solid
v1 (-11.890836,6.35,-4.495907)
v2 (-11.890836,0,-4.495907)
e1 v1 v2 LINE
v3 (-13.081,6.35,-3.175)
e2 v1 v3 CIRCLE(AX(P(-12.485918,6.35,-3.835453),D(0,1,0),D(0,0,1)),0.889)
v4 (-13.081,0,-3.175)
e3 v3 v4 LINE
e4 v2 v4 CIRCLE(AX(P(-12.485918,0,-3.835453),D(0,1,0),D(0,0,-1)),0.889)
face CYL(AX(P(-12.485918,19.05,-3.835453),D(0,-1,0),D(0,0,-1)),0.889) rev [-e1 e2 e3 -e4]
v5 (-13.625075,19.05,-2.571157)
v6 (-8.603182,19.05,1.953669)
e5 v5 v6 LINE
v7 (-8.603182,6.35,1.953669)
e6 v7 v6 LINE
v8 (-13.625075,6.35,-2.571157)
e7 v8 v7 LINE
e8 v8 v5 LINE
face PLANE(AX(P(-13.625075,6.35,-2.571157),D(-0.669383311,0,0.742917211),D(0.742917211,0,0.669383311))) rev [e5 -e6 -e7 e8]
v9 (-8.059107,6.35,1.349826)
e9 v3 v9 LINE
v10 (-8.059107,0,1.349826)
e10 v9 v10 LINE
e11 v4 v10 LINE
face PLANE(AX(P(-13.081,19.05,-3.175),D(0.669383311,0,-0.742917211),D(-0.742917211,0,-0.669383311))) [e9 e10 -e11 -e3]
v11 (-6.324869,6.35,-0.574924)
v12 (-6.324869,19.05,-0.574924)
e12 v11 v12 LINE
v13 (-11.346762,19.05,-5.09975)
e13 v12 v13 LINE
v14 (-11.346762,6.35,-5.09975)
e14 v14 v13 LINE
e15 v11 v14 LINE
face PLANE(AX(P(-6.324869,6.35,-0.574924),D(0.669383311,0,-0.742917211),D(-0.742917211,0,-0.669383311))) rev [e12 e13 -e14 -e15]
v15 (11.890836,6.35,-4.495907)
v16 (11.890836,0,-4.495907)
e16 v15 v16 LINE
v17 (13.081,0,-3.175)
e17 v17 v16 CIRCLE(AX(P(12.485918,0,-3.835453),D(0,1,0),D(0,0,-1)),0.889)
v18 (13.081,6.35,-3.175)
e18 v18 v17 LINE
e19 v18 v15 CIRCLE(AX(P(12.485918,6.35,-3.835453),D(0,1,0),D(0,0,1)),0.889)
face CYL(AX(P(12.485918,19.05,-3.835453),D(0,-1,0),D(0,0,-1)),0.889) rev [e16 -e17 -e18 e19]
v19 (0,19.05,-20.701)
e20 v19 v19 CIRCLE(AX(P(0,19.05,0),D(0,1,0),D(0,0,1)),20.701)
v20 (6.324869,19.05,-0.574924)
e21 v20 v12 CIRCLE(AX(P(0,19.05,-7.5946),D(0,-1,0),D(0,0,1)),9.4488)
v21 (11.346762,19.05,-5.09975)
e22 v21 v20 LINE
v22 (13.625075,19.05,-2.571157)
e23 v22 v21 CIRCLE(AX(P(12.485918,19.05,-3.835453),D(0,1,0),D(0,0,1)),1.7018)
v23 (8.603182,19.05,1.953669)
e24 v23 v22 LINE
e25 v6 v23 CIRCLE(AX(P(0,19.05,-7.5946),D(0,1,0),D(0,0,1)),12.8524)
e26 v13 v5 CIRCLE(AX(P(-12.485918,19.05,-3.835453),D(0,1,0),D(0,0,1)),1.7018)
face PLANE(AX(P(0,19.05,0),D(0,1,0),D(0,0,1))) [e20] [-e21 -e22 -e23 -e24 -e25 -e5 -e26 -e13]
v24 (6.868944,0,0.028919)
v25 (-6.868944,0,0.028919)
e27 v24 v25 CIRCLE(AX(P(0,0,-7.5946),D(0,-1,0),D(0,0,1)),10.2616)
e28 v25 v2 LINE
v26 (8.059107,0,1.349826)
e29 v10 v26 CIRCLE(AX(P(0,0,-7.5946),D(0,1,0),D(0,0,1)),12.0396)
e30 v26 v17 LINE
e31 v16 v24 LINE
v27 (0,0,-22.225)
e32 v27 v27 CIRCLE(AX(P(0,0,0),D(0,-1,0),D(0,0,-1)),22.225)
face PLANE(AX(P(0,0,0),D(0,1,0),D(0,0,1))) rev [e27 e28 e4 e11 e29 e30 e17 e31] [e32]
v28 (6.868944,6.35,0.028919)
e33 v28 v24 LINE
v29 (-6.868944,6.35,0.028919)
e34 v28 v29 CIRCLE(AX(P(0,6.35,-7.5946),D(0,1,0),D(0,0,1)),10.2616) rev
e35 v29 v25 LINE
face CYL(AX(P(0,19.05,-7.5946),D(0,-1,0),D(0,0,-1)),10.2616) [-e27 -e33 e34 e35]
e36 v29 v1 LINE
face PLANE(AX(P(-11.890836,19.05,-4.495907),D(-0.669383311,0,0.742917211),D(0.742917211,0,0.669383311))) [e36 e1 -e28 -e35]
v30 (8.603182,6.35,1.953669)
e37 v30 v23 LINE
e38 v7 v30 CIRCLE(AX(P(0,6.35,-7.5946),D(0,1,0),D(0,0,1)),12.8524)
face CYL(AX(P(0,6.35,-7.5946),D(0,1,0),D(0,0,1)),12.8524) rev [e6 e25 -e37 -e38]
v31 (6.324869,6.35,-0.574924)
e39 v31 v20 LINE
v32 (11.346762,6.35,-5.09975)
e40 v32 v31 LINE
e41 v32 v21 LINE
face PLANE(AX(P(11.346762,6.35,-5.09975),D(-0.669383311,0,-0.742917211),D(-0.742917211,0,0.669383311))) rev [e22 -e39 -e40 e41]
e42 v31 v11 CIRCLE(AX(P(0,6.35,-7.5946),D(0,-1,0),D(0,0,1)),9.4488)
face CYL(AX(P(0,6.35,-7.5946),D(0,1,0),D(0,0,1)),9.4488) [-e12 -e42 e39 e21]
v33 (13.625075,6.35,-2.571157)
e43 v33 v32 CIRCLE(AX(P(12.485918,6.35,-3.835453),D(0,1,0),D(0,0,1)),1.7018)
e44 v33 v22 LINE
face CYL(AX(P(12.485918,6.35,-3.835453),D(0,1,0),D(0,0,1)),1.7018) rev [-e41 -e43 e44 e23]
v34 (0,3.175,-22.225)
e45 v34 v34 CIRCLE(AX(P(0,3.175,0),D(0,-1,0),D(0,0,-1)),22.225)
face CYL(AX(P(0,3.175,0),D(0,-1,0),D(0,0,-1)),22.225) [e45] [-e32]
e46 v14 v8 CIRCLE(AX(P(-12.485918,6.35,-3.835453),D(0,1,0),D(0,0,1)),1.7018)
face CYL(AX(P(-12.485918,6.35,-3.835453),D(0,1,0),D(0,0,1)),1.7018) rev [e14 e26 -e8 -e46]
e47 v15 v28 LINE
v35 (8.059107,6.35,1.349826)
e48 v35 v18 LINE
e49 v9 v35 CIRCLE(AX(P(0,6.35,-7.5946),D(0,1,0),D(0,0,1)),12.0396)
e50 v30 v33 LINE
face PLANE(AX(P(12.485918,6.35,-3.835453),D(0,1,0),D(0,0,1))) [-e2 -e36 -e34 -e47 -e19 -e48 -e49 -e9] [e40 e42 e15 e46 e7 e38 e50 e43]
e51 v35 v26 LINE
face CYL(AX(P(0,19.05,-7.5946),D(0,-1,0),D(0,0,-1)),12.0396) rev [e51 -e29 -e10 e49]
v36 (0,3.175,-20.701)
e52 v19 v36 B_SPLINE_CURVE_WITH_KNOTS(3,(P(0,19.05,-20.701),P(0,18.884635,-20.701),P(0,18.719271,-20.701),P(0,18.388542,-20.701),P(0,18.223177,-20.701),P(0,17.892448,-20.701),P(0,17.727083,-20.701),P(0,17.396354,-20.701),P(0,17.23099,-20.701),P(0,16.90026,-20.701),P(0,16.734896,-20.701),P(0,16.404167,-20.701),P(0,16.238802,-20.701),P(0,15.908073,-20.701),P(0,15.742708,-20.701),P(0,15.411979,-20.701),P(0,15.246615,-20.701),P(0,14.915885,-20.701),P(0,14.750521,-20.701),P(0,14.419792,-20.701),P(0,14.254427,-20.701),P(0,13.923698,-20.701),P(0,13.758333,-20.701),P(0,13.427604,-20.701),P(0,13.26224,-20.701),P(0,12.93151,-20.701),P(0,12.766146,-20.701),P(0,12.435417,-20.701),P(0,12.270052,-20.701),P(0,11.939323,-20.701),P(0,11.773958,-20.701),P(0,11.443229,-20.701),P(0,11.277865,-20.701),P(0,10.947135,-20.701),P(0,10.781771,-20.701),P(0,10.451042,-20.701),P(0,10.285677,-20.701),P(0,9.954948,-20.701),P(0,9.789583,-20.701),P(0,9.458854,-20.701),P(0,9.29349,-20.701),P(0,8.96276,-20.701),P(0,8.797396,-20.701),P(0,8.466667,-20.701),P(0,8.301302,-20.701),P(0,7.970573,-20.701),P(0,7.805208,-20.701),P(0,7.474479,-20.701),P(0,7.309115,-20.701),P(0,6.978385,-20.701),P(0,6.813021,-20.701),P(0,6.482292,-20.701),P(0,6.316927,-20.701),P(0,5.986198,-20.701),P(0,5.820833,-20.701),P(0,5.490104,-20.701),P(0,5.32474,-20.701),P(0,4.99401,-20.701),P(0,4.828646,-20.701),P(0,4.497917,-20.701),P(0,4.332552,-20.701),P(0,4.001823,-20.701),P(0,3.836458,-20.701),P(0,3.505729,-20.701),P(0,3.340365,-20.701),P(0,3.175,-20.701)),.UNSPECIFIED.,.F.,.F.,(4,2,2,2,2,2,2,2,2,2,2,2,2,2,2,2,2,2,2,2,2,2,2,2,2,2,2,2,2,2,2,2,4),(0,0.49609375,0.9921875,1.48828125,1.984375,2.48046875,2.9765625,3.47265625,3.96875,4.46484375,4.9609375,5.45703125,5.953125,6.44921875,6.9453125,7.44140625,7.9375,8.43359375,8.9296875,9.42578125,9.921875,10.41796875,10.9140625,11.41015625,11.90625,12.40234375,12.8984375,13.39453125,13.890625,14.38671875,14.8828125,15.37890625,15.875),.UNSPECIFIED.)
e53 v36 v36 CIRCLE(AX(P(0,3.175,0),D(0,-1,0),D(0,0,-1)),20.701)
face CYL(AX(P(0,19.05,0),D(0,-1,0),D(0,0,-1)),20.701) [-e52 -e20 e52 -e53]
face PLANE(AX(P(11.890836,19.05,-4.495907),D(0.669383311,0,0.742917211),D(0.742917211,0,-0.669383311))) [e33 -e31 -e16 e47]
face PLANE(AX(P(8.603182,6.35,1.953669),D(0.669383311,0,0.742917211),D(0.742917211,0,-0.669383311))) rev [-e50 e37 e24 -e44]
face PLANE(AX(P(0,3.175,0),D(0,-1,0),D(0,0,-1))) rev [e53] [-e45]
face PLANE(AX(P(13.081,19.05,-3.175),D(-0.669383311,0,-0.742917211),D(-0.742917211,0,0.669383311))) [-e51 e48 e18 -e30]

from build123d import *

# Parameters (mm, degrees)
SKETCH2_R           = 20.701
BOSS_EXTRUDE1_DEPTH = 19.05
CUT_EXTRUDE2_DEPTH  = 12.7
SKETCH15_R          = 22.225
BOSS_EXTRUDE2_DEPTH = 3.175


with BuildPart() as part:
    # Sketch2 → Boss-Extrude1 (new body)
    with BuildSketch(Plane(origin=(0, 0, 0), x_dir=(1, 0, 0), z_dir=(0, 1, 0))):
        with Locations(Location((0, 0, 0), (0, 0, 90))):
            Circle(SKETCH2_R)
        with BuildLine():
            Line((-13.081, 3.175), (-8.059107313, -1.349826056))
            ThreePointArc((-8.059107313, -1.349826056), (0, -4.445), (8.059107313, -1.349826056))
            Line((8.059107313, -1.349826056), (13.081, 3.175))
            ThreePointArc((13.081, 3.175), (13.146371637, 4.430535164), (11.890836473, 4.495906802))
            Line((11.890836473, 4.495906802), (6.868943786, -0.028919255))
            ThreePointArc((6.868943786, -0.028919255), (0, -2.667), (-6.868943786, -0.028919255))
            Line((-6.868943786, -0.028919255), (-11.890836473, 4.495906802))
            ThreePointArc((-11.890836473, 4.495906802), (-13.146371637, 4.430535164), (-13.081, 3.175))
        make_face(mode=Mode.SUBTRACT)
    extrude(amount=BOSS_EXTRUDE1_DEPTH)

    # Sketch14 → Cut-Extrude2 (cut)
    with BuildSketch(Plane(origin=(0, 19.05, 0), x_dir=(1, 0, 0), z_dir=(0, 1, 0))):
        with BuildLine():
            Line((8.603182068, -1.953669166), (13.625074755, 2.571156891))
            ThreePointArc((13.625074755, 2.571156891), (13.750214746, 4.97460992), (11.346761717, 5.099749911))
            Line((11.346761717, 5.099749911), (6.32486903, 0.574923855))
            ThreePointArc((6.32486903, 0.574923855), (0, -1.8542), (-6.32486903, 0.574923855))
            Line((-6.32486903, 0.574923855), (-11.346761717, 5.099749911))
            ThreePointArc((-11.346761717, 5.099749911), (-13.750214746, 4.97460992), (-13.625074755, 2.571156891))
            Line((-13.625074755, 2.571156891), (-8.603182068, -1.953669166))
            ThreePointArc((-8.603182068, -1.953669166), (0, -5.2578), (8.603182068, -1.953669166))
        make_face()
    extrude(amount=-CUT_EXTRUDE2_DEPTH, mode=Mode.SUBTRACT)

    # Sketch15 → Boss-Extrude2 (add)
    with BuildSketch(Plane.XZ):
        with Locations(Location((0, 0, 0), (0, 0, 270))):
            Circle(SKETCH15_R)
        with BuildLine():
            Line((-13.081, -3.175), (-8.059107313, 1.349826056))
            ThreePointArc((-8.059107313, 1.349826056), (0, 4.445), (8.059107313, 1.349826056))
            Line((8.059107313, 1.349826056), (13.081, -3.175))
            ThreePointArc((13.081, -3.175), (13.146371637, -4.430535164), (11.890836473, -4.495906802))
            Line((11.890836473, -4.495906802), (6.868943786, 0.028919255))
            ThreePointArc((6.868943786, 0.028919255), (0, 2.667), (-6.868943786, 0.028919255))
            Line((-6.868943786, 0.028919255), (-11.890836473, -4.495906802))
            ThreePointArc((-11.890836473, -4.495906802), (-13.146371637, -4.430535164), (-13.081, -3.175))
        make_face(mode=Mode.SUBTRACT)
    extrude(amount=-BOSS_EXTRUDE2_DEPTH)


solid = part.part
